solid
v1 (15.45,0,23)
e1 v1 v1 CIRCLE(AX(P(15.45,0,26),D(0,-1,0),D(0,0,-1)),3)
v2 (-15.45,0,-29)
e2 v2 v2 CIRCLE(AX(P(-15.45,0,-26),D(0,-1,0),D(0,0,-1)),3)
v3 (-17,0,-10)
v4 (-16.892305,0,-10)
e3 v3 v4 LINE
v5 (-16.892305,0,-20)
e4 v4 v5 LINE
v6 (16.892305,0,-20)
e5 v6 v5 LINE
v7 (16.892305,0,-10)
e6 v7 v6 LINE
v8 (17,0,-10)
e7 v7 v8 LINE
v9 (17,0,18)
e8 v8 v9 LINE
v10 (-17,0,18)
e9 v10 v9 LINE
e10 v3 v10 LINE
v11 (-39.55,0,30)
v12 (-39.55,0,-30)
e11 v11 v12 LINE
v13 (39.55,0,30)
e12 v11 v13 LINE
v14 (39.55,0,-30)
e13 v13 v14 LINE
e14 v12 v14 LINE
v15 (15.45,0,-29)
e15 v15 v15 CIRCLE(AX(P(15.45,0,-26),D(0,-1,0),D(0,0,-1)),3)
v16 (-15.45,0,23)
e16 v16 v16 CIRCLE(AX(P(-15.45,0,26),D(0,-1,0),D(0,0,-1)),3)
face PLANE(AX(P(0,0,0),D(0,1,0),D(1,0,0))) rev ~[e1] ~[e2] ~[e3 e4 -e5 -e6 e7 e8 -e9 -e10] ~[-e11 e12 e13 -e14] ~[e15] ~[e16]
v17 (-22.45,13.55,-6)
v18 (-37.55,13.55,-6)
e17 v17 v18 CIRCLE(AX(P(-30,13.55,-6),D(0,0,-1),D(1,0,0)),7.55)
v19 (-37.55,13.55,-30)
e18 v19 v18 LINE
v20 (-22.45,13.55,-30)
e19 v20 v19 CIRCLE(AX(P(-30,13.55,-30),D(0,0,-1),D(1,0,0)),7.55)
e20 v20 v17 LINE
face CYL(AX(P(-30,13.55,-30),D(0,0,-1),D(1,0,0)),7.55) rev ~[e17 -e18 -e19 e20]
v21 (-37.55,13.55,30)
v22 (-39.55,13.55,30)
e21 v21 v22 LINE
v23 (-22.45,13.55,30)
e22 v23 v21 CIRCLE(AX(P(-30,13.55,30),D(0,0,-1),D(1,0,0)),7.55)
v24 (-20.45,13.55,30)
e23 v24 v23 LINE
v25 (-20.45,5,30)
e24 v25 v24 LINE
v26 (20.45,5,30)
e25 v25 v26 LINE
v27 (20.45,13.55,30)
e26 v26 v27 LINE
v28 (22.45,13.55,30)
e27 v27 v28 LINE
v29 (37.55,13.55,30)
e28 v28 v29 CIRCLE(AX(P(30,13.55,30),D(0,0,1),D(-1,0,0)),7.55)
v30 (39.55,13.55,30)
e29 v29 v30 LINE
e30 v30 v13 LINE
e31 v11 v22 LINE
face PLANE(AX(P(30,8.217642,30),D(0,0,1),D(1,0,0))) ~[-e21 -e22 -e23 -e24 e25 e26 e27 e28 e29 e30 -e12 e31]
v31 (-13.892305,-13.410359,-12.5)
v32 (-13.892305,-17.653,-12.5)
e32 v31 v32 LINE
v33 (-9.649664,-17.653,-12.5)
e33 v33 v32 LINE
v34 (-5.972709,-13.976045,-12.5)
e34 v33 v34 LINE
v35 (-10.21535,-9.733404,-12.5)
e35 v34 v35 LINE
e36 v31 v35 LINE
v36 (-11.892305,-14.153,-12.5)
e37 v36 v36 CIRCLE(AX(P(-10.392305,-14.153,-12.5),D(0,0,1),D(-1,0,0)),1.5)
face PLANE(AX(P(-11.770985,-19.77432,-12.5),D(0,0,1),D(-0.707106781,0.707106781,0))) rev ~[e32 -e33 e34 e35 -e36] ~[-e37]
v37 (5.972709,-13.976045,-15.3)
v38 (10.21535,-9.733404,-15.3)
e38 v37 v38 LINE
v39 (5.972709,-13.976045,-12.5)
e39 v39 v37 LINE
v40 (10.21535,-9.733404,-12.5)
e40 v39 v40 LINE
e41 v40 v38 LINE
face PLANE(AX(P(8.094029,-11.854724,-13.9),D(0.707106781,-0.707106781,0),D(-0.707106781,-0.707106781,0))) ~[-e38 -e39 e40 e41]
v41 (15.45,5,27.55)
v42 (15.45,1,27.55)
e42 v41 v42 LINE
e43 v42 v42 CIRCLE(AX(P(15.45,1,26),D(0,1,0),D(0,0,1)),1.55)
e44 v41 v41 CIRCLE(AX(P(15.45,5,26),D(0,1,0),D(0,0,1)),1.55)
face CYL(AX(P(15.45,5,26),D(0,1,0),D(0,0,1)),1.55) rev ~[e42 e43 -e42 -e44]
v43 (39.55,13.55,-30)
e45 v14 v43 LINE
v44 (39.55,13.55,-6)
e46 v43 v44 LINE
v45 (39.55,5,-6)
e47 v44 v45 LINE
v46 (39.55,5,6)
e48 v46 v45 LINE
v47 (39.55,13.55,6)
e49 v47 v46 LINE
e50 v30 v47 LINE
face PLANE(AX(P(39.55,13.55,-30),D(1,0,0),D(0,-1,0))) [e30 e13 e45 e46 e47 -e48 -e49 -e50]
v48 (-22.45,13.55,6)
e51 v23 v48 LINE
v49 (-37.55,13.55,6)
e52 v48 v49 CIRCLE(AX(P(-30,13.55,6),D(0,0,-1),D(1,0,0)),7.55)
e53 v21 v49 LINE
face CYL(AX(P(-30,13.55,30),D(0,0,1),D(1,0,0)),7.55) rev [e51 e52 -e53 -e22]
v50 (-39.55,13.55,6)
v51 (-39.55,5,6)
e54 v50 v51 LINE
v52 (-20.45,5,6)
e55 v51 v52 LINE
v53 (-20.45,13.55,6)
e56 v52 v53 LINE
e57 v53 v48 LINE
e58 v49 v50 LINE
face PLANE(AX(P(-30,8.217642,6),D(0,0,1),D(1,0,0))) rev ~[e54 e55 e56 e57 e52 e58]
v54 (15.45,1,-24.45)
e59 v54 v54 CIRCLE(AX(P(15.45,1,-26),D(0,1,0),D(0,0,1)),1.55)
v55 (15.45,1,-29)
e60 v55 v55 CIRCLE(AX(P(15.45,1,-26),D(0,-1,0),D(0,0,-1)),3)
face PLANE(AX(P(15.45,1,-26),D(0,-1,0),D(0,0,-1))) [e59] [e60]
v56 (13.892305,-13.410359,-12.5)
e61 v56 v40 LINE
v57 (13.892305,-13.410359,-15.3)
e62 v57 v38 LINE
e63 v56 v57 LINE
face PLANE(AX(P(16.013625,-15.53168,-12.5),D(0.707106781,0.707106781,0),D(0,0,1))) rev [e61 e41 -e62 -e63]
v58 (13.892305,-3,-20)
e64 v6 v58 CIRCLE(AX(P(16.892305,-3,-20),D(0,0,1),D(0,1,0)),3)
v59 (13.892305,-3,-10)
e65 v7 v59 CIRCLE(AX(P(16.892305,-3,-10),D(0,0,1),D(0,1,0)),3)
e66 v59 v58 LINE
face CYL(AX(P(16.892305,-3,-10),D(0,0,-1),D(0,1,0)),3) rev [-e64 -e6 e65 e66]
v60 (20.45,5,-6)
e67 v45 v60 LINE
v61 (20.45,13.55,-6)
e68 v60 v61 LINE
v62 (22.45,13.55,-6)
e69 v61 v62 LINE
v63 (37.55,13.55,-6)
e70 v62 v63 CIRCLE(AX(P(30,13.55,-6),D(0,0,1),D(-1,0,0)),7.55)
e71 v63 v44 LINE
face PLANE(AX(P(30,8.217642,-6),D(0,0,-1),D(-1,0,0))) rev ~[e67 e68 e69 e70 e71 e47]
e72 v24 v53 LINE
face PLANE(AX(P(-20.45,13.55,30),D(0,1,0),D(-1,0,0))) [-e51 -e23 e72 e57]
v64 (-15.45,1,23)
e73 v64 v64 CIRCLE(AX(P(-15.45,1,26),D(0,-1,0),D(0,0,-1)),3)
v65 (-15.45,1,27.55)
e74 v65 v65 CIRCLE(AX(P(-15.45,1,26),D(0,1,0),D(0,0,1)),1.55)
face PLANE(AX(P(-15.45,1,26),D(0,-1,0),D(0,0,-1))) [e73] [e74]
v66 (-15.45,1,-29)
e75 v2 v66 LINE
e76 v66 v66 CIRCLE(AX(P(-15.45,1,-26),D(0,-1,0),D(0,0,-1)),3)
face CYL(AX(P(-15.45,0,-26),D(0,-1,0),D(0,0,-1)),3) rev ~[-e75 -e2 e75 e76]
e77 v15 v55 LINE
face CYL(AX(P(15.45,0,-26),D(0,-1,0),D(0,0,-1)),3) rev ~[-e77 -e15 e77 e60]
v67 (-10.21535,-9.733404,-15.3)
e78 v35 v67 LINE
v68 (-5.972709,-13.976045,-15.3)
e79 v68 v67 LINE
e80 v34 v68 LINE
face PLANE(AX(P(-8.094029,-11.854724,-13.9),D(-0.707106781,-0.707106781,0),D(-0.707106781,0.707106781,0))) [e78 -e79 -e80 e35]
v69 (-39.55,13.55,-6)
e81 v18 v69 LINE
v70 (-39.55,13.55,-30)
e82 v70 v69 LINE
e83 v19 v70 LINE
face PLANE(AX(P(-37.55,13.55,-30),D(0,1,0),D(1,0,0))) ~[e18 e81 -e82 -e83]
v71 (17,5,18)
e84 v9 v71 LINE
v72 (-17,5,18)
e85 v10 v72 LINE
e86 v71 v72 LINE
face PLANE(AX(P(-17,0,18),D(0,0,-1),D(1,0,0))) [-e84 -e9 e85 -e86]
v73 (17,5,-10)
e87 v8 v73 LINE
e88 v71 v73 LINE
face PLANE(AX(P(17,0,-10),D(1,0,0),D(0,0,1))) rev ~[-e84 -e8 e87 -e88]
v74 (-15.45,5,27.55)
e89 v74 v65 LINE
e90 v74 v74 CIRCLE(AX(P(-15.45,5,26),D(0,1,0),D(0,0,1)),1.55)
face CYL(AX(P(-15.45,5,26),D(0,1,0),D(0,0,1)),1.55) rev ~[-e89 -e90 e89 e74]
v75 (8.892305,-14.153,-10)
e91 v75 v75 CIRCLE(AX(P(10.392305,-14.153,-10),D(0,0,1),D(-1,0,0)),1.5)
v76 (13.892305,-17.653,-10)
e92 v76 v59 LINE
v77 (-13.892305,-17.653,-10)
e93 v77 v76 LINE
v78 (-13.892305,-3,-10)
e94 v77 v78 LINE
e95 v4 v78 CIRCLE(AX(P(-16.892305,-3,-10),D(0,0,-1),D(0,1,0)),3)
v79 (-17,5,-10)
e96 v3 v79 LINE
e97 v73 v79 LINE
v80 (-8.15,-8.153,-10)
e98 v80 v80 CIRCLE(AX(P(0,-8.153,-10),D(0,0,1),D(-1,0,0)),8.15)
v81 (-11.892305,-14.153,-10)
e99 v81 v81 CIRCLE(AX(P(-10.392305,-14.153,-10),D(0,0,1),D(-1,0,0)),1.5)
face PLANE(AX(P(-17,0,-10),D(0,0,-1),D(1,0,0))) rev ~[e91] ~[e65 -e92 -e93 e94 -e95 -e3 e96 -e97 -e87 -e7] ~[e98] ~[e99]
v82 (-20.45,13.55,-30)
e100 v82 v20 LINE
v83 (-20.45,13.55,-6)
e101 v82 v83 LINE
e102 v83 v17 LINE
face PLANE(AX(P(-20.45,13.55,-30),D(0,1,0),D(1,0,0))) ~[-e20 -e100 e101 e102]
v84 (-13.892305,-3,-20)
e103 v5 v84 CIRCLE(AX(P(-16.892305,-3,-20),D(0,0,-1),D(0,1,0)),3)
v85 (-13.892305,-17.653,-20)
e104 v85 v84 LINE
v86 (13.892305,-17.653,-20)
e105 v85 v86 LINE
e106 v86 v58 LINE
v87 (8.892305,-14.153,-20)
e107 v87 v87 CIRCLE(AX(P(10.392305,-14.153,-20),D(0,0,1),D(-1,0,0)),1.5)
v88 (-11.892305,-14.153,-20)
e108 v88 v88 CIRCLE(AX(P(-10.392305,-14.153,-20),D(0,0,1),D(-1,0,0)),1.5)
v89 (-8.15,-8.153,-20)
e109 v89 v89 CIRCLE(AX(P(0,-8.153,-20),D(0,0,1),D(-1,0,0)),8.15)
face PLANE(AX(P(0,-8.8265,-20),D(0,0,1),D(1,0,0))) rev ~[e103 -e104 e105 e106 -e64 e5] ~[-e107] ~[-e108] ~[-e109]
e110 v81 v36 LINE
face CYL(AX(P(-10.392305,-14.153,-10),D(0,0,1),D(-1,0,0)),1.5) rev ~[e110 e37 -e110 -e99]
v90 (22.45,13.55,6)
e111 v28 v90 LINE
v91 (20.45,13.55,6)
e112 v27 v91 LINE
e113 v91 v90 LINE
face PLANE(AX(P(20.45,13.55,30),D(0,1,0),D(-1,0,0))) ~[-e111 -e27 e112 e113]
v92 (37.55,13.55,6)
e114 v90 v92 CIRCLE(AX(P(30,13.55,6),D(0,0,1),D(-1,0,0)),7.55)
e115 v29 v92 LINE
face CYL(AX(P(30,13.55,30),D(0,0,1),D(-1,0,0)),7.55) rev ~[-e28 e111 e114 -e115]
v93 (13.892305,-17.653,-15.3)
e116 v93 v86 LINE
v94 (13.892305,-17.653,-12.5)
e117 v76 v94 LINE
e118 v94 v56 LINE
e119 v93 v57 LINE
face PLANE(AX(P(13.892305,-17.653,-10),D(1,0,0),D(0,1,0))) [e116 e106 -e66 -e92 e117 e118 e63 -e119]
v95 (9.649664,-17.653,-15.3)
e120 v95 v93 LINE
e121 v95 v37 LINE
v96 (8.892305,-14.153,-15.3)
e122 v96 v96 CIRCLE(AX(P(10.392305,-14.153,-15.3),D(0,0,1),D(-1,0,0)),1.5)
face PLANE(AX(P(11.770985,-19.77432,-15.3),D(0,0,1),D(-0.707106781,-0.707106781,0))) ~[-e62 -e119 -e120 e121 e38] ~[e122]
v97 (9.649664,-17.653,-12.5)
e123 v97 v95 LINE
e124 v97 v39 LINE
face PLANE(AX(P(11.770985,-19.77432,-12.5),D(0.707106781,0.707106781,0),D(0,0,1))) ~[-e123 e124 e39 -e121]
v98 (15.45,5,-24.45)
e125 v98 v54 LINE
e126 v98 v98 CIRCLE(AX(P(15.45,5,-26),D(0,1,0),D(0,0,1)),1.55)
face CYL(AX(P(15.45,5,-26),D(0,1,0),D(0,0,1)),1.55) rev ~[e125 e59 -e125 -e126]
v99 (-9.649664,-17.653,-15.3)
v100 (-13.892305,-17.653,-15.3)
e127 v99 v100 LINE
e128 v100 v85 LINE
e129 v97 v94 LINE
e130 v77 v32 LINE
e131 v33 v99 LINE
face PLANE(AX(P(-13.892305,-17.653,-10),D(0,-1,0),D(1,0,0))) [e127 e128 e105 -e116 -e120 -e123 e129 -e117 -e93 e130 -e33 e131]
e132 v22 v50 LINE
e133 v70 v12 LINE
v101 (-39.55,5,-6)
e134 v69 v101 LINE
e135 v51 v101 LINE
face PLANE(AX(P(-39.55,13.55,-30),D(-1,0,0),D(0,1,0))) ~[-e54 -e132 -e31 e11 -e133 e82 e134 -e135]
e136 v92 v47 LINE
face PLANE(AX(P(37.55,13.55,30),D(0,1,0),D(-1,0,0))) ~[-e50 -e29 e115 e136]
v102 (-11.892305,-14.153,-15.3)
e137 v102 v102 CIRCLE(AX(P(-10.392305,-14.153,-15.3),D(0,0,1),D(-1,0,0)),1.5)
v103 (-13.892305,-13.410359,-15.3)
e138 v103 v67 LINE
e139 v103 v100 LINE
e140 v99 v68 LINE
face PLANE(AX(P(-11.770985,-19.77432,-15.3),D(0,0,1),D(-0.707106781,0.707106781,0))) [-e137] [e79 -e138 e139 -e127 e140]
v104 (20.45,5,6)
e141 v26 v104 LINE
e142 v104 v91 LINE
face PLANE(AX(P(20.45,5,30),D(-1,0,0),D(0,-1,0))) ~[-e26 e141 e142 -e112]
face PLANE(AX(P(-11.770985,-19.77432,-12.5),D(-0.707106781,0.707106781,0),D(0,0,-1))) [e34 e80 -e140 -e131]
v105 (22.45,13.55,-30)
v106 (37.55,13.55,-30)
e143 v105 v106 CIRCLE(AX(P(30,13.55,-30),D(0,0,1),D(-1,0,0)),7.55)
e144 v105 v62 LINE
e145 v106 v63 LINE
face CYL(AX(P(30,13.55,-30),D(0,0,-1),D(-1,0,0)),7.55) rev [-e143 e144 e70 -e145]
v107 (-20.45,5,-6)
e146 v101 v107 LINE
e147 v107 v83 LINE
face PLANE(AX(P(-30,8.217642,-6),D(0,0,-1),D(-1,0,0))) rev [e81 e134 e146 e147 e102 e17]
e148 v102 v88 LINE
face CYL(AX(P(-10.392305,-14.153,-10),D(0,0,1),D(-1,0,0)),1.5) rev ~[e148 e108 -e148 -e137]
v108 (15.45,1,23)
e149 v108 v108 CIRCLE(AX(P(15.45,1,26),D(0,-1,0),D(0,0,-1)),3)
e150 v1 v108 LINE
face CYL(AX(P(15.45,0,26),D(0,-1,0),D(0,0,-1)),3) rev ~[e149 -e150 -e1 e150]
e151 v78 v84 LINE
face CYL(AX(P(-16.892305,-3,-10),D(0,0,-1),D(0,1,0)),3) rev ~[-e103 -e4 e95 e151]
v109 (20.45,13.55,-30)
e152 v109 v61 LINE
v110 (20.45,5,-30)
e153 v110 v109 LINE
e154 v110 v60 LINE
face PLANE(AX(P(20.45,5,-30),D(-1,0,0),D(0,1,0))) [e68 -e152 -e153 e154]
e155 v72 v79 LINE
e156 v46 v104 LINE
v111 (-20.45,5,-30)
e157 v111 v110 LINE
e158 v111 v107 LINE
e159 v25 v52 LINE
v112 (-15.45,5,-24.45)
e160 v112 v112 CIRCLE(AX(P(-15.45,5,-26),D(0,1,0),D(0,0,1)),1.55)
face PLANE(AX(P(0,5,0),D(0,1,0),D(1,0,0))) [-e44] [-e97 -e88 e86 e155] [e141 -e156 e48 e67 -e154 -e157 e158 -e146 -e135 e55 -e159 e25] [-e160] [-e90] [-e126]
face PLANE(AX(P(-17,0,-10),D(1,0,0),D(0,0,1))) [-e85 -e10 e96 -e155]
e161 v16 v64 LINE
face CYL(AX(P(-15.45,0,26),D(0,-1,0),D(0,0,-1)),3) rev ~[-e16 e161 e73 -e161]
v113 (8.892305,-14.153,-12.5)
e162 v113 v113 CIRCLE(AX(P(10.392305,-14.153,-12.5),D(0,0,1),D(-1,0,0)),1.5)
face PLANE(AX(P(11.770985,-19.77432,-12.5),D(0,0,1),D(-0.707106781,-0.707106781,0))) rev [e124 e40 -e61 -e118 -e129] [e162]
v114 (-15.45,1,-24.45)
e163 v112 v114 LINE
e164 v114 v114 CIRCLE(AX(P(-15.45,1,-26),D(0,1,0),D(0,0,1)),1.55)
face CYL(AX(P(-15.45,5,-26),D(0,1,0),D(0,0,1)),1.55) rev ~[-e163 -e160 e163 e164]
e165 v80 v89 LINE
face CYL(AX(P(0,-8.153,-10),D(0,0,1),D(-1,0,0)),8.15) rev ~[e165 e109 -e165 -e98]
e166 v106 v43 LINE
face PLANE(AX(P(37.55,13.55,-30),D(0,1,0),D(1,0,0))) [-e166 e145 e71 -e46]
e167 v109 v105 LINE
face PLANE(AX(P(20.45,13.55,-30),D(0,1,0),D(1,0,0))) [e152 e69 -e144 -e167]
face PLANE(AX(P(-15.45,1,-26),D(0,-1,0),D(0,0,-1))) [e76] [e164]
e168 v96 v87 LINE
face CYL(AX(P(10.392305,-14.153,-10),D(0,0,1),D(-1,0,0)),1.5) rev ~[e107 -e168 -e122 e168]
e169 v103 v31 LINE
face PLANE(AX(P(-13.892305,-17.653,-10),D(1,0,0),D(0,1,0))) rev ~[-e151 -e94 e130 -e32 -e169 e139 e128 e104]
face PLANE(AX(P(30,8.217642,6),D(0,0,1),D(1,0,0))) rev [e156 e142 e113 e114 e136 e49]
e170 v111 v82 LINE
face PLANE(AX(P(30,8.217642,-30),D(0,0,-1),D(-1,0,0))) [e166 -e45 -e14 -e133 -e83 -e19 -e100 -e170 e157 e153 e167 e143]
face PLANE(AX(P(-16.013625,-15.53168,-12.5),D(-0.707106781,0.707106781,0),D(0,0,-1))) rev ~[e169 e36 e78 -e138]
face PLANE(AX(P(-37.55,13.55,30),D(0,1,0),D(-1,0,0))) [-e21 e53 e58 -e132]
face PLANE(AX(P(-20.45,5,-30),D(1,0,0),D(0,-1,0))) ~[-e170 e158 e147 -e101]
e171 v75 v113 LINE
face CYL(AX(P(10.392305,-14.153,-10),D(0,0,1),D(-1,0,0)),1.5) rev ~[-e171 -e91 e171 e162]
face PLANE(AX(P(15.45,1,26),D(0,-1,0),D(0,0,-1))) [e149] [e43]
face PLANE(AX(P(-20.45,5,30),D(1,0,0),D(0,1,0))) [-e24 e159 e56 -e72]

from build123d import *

# Parameters (mm, degrees)
SKETCH1_W            = 79.1
SKETCH1_H            = 60
BOSS_EXTRUDE1_DEPTH  = 5
BOSS_EXTRUDE2_DEPTH  = 24
MIRROR2_COPY_1_DEPTH = 24
SKETCH10_R           = 1.55
CUT_EXTRUDE7_DEPTH   = 8
SKETCH11_R           = 3
CUT_EXTRUDE8_DEPTH   = 1
SKETCH12_W           = 27.78460969
SKETCH12_H           = 17.653
SKETCH12_R           = 1.5
SKETCH12_R_2         = 8.15
BOSS_EXTRUDE5_DEPTH  = 10
SKETCH13_W           = 34
SKETCH13_H           = 28
CUT_EXTRUDE9_DEPTH   = 10
FILLET2_R            = 3
SKETCH15_W           = 6
SKETCH15_H           = 2.8
CUT_EXTRUDE12_DEPTH  = 8.2


with BuildPart() as part:
    # Sketch1 → Boss-Extrude1 (new body)
    with BuildSketch(Plane(origin=(0, 0, 0), x_dir=(1, 0, 0), z_dir=(0, 1, 0))):
        Rectangle(SKETCH1_W, SKETCH1_H)
    extrude(amount=BOSS_EXTRUDE1_DEPTH)

    # Sketch2 → Boss-Extrude2 (add)
    with BuildSketch(Plane.XY.offset(30)):
        with BuildLine():
            Line((-39.55, 13.55), (-39.55, 5))
            Line((-39.55, 5), (-20.45, 5))
            Line((-20.45, 5), (-20.45, 13.55))
            Line((-20.45, 13.55), (-22.45, 13.55))
            ThreePointArc((-22.45, 13.55), (-30, 6), (-37.55, 13.55))
            Line((-37.55, 13.55), (-39.55, 13.55))
        make_face()
    boss_extrude2 = extrude(amount=-BOSS_EXTRUDE2_DEPTH)

    # Mirror1: Boss-Extrude2 across plane
    add(boss_extrude2.mirror(Plane.XY))

    # Mirror2: Boss-Extrude2 across plane
    add(boss_extrude2.mirror(Plane(origin=(0, 0, 0), x_dir=(0, 0, 1), z_dir=(1, 0, 0))))

    # Mirror2 copy 1 sketch → Mirror2 copy 1 (add)
    with BuildSketch(Plane(origin=(0, 0, -30), x_dir=(-1, 0, 0), z_dir=(0, 0, -1))):
        with BuildLine():
            Line((-39.55, 13.55), (-39.55, 5))
            Line((-39.55, 5), (-20.45, 5))
            Line((-20.45, 5), (-20.45, 13.55))
            Line((-20.45, 13.55), (-22.45, 13.55))
            ThreePointArc((-22.45, 13.55), (-30, 6), (-37.55, 13.55))
            Line((-37.55, 13.55), (-39.55, 13.55))
        make_face()
    extrude(amount=-MIRROR2_COPY_1_DEPTH)

    # Sketch10 → Cut-Extrude7 (cut)
    with BuildSketch(Plane(origin=(0, 5, 0), x_dir=(1, 0, 0), z_dir=(0, 1, 0))):
        with Locations(Location((-15.45, -26, 0), (0, 0, 270))):
            Circle(SKETCH10_R)
        with Locations(Location((-15.45, 26, 0), (0, 0, 270))):
            Circle(SKETCH10_R)
        with Locations(Location((15.45, 26, 0), (0, 0, 270))):
            Circle(SKETCH10_R)
        with Locations(Location((15.45, -26, 0), (0, 0, 270))):
            Circle(SKETCH10_R)
    extrude(amount=-CUT_EXTRUDE7_DEPTH, mode=Mode.SUBTRACT)

    # Sketch11 → Cut-Extrude8 (cut)
    with BuildSketch(Plane.XZ):
        with Locations(Location((-15.45, 26, 0), (0, 0, 270))):
            Circle(SKETCH11_R)
        with Locations(Location((15.45, 26, 0), (0, 0, 270))):
            Circle(SKETCH11_R)
        with Locations(Location((15.45, -26, 0), (0, 0, 270))):
            Circle(SKETCH11_R)
        with Locations(Location((-15.45, -26, 0), (0, 0, 270))):
            Circle(SKETCH11_R)
    extrude(amount=-CUT_EXTRUDE8_DEPTH, mode=Mode.SUBTRACT)

    # Sketch12 → Boss-Extrude5 (add)
    with BuildSketch(Plane.XY.offset(-10)):
        with Locations((0, -8.8265)):
            Rectangle(SKETCH12_W, SKETCH12_H)
        with Locations(Location((-10.392304845, -14.153, 0), (0, 0, 180))):
            Circle(SKETCH12_R, mode=Mode.SUBTRACT)
        with Locations(Location((10.392304845, -14.153, 0), (0, 0, 180))):
            Circle(SKETCH12_R, mode=Mode.SUBTRACT)
        with Locations(Location((0, -8.153, 0), (0, 0, 180))):
            Circle(SKETCH12_R_2, mode=Mode.SUBTRACT)
    extrude(amount=-BOSS_EXTRUDE5_DEPTH)

    # Sketch13 → Cut-Extrude9 (cut)
    with BuildSketch(Plane.XZ):
        with Locations((0, 4)):
            Rectangle(SKETCH13_W, SKETCH13_H)
    extrude(amount=-CUT_EXTRUDE9_DEPTH, mode=Mode.SUBTRACT)

    # Fillet2
    fillet2_edges = [part.edges().sort_by_distance(p)[0] for p in [
        (-13.892304845, 0, -15),
        (13.892304845, 0, -15),
    ]]
    fillet(fillet2_edges, radius=FILLET2_R)

    # Sketch15 → Cut-Extrude12 (cut)
    with BuildSketch(Plane(origin=(-15.772652423, -15.772652423, 0), x_dir=(-0.7071067811865477, 0.7071067811865475, 0), z_dir=(-0.7071067811865475, -0.7071067811865477, 0))):
        with Locations((-2.659213046, 13.9)):
            Rectangle(SKETCH15_W, SKETCH15_H)
    cut_extrude12 = extrude(amount=-CUT_EXTRUDE12_DEPTH, mode=Mode.SUBTRACT)

    # Mirror3: Cut-Extrude12 across plane
    add(cut_extrude12.mirror(Plane(origin=(0, 0, 0), x_dir=(0, 0, 1), z_dir=(1, 0, 0))), mode=Mode.SUBTRACT)


solid = part.part
